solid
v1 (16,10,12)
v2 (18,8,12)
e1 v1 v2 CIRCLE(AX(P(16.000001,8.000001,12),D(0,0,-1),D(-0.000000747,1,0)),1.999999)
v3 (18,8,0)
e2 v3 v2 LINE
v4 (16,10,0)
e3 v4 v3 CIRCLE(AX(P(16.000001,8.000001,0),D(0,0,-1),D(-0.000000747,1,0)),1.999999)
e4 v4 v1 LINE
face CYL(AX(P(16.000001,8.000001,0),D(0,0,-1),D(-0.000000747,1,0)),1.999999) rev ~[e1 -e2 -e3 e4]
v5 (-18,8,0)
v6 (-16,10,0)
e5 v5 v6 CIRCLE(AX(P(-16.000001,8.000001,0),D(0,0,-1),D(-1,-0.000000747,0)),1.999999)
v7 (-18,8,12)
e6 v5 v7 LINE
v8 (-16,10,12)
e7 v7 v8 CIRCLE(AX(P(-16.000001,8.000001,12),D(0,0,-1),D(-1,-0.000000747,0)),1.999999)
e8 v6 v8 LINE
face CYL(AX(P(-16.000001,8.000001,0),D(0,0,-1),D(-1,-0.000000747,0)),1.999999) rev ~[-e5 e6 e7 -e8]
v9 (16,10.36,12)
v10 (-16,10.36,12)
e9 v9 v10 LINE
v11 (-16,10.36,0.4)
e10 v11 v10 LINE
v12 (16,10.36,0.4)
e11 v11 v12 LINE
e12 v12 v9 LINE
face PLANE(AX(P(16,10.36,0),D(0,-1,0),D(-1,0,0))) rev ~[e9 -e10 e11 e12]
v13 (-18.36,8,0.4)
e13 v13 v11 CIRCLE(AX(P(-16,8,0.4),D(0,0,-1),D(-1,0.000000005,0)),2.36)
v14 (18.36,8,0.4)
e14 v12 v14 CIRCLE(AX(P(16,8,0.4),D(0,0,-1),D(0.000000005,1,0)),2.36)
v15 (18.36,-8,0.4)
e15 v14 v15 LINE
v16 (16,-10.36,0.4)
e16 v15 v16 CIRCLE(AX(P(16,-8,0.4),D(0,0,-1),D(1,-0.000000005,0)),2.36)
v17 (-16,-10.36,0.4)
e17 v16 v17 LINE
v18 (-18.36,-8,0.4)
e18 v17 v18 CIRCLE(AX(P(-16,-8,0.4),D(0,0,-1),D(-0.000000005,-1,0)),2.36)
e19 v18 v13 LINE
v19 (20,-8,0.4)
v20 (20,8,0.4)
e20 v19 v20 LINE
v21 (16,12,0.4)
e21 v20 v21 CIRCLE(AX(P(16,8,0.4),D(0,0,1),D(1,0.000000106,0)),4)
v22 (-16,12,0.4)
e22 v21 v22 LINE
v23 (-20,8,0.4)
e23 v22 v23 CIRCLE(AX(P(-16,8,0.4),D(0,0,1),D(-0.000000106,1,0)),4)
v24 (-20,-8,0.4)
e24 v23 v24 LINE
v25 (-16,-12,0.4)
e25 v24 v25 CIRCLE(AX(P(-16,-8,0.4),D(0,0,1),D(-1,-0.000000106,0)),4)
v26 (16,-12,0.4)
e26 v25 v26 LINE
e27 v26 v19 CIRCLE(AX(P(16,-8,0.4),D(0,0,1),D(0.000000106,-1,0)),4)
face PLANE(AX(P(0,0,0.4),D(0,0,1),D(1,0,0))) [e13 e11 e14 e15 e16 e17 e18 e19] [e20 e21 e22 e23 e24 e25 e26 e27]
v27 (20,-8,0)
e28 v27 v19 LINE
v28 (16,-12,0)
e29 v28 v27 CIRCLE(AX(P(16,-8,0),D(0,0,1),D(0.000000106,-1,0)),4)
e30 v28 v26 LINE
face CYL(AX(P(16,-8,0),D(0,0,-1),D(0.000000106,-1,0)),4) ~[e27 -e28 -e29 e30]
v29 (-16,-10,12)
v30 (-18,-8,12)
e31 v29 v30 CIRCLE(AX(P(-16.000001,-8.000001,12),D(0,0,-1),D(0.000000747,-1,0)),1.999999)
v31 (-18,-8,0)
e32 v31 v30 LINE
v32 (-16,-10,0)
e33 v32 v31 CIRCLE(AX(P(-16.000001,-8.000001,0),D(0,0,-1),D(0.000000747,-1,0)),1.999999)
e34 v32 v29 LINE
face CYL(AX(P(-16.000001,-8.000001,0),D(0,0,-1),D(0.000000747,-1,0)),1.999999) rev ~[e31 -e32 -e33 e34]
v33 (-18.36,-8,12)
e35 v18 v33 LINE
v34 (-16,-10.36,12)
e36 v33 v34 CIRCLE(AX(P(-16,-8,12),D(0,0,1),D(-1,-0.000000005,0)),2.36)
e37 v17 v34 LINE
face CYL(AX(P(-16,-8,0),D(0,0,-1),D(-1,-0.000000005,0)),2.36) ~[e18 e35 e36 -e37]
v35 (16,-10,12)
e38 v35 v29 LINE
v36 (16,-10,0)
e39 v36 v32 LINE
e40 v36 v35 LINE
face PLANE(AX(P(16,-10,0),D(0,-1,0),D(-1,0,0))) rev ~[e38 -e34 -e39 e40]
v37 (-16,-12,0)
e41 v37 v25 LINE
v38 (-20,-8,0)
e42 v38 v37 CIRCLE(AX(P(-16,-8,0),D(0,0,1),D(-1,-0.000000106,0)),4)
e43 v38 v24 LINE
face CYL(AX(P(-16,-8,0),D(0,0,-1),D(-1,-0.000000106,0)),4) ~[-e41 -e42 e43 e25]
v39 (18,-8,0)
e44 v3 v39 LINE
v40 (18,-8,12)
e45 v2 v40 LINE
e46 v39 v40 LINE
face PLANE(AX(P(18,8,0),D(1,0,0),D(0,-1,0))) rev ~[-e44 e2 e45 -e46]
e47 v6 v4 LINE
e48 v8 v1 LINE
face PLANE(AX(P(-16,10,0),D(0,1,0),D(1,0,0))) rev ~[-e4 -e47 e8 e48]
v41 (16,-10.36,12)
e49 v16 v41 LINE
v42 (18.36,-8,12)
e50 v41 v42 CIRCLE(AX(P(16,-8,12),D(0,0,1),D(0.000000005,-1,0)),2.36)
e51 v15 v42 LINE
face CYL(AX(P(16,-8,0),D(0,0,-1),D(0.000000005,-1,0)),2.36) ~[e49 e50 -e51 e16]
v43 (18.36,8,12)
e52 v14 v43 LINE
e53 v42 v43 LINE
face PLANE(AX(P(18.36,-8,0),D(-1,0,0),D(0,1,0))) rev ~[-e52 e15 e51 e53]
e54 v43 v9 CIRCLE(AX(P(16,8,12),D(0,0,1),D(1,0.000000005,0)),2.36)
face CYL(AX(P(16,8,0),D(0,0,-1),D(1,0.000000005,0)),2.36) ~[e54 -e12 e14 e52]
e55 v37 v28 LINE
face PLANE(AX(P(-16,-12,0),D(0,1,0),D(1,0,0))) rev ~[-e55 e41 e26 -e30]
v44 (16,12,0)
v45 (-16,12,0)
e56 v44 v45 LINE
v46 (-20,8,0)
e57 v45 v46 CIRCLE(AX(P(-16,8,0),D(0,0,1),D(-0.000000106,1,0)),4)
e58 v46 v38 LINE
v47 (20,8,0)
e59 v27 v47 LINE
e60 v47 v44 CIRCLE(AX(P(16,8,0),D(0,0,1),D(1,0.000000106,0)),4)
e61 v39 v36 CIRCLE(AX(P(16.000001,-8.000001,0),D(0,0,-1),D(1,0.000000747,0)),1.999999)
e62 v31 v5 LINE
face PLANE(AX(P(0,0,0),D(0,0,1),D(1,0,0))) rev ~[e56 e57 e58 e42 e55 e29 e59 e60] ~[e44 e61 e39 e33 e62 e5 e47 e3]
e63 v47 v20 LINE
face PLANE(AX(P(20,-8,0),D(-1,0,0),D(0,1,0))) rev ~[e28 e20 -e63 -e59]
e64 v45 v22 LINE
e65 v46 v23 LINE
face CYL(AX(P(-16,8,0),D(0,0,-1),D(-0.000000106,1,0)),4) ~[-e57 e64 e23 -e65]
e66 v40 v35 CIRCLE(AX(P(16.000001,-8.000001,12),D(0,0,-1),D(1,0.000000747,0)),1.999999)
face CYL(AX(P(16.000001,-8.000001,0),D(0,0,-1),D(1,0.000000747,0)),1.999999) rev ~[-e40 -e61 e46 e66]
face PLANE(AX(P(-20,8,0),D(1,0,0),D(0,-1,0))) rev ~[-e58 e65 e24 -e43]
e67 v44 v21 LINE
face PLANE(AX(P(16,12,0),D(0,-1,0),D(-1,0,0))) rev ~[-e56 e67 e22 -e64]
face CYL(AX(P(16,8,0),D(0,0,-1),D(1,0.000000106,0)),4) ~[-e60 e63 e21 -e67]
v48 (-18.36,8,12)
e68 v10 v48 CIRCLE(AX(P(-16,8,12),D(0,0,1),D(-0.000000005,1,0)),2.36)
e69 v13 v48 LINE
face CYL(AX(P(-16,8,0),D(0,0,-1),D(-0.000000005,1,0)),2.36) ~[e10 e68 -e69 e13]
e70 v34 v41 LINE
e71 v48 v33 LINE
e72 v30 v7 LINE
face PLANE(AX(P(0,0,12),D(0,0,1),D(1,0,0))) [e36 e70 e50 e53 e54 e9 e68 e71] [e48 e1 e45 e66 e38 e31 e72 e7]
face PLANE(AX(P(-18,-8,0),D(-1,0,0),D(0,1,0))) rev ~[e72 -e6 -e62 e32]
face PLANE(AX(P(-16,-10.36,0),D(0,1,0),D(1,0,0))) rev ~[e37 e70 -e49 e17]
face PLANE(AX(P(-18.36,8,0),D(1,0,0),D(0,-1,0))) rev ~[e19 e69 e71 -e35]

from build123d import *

# Parameters (mm, degrees)
F1_DEPTH = 12
F2_DEPTH = 0.4


with BuildPart() as f1:
    # F0 (on Top) → F1 (new body)
    with BuildSketch(Plane.XY):
        with BuildLine():
            Line((-18.36, 8), (-18.36, -8))
            ThreePointArc((-18.36, -8), (-17.668772, -9.668772), (-16, -10.36))
            Line((-16, -10.36), (16, -10.36))
            ThreePointArc((16, -10.36), (17.668772, -9.668772), (18.36, -8))
            Line((18.36, -8), (18.36, 8))
            ThreePointArc((18.36, 8), (17.668772, 9.668772), (16, 10.36))
            Line((16, 10.36), (-16, 10.36))
            ThreePointArc((-16, 10.36), (-17.668772, 9.668772), (-18.36, 8))
        make_face()
        with BuildLine():
            ThreePointArc((18, -8), (17.414214, -9.414214), (16, -10))
            Line((16, -10), (-16, -10))
            ThreePointArc((-16, -10), (-17.414214, -9.414214), (-18, -8))
            Line((-18, -8), (-18, 8))
            ThreePointArc((-18, 8), (-17.414214, 9.414214), (-16, 10))
            Line((-16, 10), (16, 10))
            ThreePointArc((16, 10), (17.414214, 9.414214), (18, 8))
            Line((18, 8), (18, -8))
        make_face(mode=Mode.SUBTRACT)
    extrude(amount=F1_DEPTH)

    # F0 (on Top) → F2 (join)
    with BuildSketch(Plane.XY):
        with BuildLine():
            Line((-20, 8), (-20, -8))
            ThreePointArc((-20, -8), (-18.828427, -10.828427), (-16, -12))
            Line((-16, -12), (16, -12))
            ThreePointArc((16, -12), (18.828427, -10.828427), (20, -8))
            Line((20, -8), (20, 8))
            ThreePointArc((20, 8), (18.828427, 10.828427), (16, 12))
            Line((16, 12), (-16, 12))
            ThreePointArc((-16, 12), (-18.828427, 10.828427), (-20, 8))
        make_face()
        with BuildLine():
            ThreePointArc((-16, -10.36), (-17.668772, -9.668772), (-18.36, -8))
            Line((-18.36, -8), (-18.36, 8))
            ThreePointArc((-18.36, 8), (-17.668772, 9.668772), (-16, 10.36))
            Line((-16, 10.36), (16, 10.36))
            ThreePointArc((16, 10.36), (17.668772, 9.668772), (18.36, 8))
            Line((18.36, 8), (18.36, -8))
            ThreePointArc((18.36, -8), (17.668772, -9.668772), (16, -10.36))
            Line((16, -10.36), (-16, -10.36))
        make_face(mode=Mode.SUBTRACT)
    extrude(amount=F2_DEPTH)


solid = f1.part
